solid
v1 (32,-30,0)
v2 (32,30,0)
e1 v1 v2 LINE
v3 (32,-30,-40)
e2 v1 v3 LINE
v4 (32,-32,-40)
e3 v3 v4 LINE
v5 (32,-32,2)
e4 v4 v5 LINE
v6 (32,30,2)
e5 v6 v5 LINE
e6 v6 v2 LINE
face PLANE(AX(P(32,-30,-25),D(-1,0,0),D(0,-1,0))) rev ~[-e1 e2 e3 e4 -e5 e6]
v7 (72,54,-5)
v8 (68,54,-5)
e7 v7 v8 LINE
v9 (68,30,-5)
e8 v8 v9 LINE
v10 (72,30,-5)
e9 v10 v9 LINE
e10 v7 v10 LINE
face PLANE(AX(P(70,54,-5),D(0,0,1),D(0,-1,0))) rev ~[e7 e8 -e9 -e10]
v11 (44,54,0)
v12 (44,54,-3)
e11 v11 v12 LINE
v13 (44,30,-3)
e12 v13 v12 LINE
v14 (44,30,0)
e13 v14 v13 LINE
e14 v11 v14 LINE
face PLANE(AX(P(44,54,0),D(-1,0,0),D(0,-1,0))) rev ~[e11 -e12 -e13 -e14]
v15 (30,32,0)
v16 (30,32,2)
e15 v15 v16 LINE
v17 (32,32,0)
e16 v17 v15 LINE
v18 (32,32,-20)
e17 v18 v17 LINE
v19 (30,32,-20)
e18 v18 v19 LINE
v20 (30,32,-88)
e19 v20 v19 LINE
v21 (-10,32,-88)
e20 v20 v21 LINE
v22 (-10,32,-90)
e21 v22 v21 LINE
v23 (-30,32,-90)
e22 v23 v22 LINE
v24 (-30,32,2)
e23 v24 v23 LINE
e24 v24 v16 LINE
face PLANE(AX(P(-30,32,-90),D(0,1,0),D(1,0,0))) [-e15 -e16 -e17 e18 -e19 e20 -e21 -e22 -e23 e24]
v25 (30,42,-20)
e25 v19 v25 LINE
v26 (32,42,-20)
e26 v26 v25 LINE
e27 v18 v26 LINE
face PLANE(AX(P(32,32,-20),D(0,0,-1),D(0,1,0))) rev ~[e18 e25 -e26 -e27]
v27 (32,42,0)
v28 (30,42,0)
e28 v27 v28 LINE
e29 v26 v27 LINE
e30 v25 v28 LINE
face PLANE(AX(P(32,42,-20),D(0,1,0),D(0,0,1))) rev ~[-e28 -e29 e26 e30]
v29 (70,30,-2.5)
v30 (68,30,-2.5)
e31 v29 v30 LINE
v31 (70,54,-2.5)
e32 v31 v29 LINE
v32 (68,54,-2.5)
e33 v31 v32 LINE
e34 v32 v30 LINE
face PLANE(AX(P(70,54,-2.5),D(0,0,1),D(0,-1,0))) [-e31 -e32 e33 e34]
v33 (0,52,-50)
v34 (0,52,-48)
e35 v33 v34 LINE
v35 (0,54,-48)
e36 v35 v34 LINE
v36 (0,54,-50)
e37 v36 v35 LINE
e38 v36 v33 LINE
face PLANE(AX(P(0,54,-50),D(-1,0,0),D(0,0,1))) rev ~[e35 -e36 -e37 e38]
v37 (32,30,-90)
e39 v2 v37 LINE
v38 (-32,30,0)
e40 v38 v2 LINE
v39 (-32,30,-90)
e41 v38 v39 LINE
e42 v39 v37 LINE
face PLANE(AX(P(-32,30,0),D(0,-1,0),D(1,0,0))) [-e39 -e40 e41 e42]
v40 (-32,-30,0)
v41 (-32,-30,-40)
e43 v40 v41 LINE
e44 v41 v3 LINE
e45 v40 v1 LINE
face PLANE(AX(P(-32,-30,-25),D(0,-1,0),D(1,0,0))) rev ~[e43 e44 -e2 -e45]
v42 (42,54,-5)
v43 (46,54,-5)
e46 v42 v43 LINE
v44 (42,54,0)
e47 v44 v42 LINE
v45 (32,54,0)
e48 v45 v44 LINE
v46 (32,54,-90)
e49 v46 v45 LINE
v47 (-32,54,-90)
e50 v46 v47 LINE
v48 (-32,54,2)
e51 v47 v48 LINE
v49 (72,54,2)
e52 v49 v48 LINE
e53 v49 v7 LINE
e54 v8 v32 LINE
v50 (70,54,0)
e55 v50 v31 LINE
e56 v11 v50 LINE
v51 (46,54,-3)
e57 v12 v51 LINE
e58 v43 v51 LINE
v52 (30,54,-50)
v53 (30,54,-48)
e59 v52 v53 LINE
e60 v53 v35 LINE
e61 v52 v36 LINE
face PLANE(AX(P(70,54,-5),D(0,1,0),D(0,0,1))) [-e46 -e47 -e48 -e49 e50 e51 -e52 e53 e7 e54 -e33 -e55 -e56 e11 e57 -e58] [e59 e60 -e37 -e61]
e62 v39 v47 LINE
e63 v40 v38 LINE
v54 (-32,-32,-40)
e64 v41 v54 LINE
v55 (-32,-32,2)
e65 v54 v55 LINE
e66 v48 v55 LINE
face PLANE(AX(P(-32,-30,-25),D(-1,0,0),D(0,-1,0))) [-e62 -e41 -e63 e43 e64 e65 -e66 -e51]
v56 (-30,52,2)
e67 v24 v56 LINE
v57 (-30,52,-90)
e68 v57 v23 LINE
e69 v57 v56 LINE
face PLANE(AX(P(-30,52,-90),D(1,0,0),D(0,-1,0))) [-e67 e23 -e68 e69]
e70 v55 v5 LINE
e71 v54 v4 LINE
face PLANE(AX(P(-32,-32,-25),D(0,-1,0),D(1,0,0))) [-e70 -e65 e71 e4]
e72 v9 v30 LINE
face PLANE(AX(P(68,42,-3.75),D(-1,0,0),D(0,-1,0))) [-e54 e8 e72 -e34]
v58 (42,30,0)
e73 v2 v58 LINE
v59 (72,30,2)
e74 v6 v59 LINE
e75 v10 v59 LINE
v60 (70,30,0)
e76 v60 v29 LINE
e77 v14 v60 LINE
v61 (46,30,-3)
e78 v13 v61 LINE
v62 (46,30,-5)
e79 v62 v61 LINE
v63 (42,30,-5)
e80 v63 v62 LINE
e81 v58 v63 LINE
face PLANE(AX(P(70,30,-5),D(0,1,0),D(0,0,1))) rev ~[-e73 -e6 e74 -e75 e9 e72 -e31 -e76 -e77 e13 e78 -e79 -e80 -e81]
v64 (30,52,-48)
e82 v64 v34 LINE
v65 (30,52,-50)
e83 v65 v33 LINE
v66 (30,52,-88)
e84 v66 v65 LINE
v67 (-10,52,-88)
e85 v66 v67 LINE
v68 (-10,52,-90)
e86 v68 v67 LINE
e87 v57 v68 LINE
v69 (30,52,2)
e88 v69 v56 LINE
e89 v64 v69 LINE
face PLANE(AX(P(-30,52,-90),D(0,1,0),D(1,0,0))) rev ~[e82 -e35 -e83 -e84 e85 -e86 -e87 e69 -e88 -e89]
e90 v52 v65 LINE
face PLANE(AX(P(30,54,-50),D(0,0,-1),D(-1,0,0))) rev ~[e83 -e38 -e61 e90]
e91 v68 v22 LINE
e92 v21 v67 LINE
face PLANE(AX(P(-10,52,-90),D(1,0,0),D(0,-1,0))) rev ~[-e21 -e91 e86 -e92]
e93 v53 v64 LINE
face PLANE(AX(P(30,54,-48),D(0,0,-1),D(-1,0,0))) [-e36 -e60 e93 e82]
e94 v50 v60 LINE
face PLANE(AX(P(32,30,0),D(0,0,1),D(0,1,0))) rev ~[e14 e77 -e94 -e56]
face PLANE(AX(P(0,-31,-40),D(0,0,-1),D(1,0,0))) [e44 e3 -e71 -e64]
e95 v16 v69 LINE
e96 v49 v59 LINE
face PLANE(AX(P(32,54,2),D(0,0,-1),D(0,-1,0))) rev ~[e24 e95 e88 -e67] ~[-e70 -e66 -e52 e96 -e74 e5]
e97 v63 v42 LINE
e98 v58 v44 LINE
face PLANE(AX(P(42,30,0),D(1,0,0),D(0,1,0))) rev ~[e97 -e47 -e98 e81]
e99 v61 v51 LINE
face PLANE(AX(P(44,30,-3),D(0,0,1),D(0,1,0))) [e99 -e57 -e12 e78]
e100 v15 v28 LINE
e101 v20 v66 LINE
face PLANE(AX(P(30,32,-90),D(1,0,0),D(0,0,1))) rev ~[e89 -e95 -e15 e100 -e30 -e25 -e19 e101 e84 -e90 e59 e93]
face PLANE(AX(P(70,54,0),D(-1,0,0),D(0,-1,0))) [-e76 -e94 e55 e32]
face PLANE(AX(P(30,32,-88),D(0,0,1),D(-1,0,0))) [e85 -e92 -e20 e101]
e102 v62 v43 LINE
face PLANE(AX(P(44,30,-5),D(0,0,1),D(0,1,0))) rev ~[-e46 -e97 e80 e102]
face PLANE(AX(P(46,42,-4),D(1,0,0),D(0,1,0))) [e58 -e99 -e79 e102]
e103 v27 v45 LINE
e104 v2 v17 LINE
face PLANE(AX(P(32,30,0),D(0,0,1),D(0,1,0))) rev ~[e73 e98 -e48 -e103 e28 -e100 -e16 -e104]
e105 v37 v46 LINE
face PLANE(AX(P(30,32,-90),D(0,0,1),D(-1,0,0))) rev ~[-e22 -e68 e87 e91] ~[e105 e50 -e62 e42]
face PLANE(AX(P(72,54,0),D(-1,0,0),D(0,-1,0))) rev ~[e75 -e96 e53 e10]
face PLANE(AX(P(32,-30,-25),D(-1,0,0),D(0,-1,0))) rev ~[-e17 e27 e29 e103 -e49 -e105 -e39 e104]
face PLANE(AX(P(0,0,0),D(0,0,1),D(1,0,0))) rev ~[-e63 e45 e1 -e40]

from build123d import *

# Parameters (mm, degrees)
F0_W      = 64
F0_H      = 64
F1_DEPTH  = 2
F2_W      = 64
F2_H      = 2
F3_DEPTH  = 25
F4_W      = 64
F4_H      = 2
F5_DEPTH  = 90
F6_W      = 2
F6_H      = 92
F7_DEPTH  = 22
F8_W      = 2
F8_H      = 92
F9_DEPTH  = 22
F10_W     = 2
F10_H     = 92
F11_DEPTH = 60
F12_W     = 60
F12_H     = 2
F13_DEPTH = 20
F14_W     = 10
F14_H     = 20
F15_DEPTH = 25
F16_W     = 20
F16_H     = 20
F17_DEPTH = 25
F3_FACE_W = 64
F3_FACE_H = 2
F18_DEPTH = 15
F19_W     = 30
F19_H     = 2
F20_DEPTH = 2
F22_DEPTH = 40
F23_W     = 2
F23_H     = 24
F24_DEPTH = 5
F25_W     = 24
F25_H     = 2
F26_DEPTH = 2
F27_W     = 24
F27_H     = 2.5
F28_DEPTH = 2


with BuildPart() as f1:
    # F0 (on Top) → F1 (new body)
    with BuildSketch(Plane.XY):
        Rectangle(F0_W, F0_H)
    extrude(amount=F1_DEPTH)

    # F2 (on face) → F3 (join)
    with BuildSketch(Plane(origin=(0, 0, 0), x_dir=(1, 0, 0), z_dir=(0, 0, -1))):
        with Locations((0, 31)):
            Rectangle(F2_W, F2_H)
    extrude(amount=F3_DEPTH)

    # F4 (on face) → F5 (join)
    with BuildSketch(Plane(origin=(0, 0, 0), x_dir=(1, 0, 0), z_dir=(0, 0, -1))):
        with Locations((0, -31)):
            Rectangle(F4_W, F4_H)
    extrude(amount=F5_DEPTH)

    # F6 (on face) → F7 (join)
    with BuildSketch(Plane(origin=(0, 32, 0), x_dir=(-1, 0, 0), z_dir=(0, 1, 0))):
        with Locations((-31, -44)):
            Rectangle(F6_W, F6_H)
    extrude(amount=F7_DEPTH)

    # F8 (on face) → F9 (join)
    with BuildSketch(Plane(origin=(0, 32, 0), x_dir=(-1, 0, 0), z_dir=(0, 1, 0))):
        with Locations((31, -44)):
            Rectangle(F8_W, F8_H)
    extrude(amount=F9_DEPTH)

    # F10 (on face) → F11 (join)
    with BuildSketch(Plane(origin=(30, 0, 0), x_dir=(0, -1, 0), z_dir=(-1, 0, 0))):
        with Locations((-53, -44)):
            Rectangle(F10_W, F10_H)
    extrude(amount=F11_DEPTH)

    # F12 (on face) → F13 (join)
    with BuildSketch(Plane(origin=(0, 32, 0), x_dir=(-1, 0, 0), z_dir=(0, 1, 0))):
        with Locations((0, -89)):
            Rectangle(F12_W, F12_H)
    extrude(amount=F13_DEPTH)

    # F14 (on face) → F15 (cut)
    with BuildSketch(Plane.YZ.offset(32)):
        with Locations((37, -10)):
            Rectangle(F14_W, F14_H)
    extrude(amount=-F15_DEPTH, mode=Mode.SUBTRACT)

    # F16 (on face) → F17 (cut)
    with BuildSketch(Plane(origin=(0, 0, -90), x_dir=(1, 0, 0), z_dir=(0, 0, -1))):
        with Locations((-20, -42)):
            Rectangle(F16_W, F16_H)
    extrude(amount=-F17_DEPTH, mode=Mode.SUBTRACT)

    # F3_face (on face) → F18 (join)
    with BuildSketch(Plane(origin=(0, -31, -25), x_dir=(1, 0, 0), z_dir=(0, 0, -1))):
        Rectangle(F3_FACE_W, F3_FACE_H)
    extrude(amount=F18_DEPTH)

    # F19 (on face) → F20 (cut)
    with BuildSketch(Plane(origin=(0, 54, 0), x_dir=(-1, 0, 0), z_dir=(0, 1, 0))):
        with Locations((-15, -49)):
            Rectangle(F19_W, F19_H)
    extrude(amount=-F20_DEPTH, mode=Mode.SUBTRACT)

    # F21 (on face) → F22 (join)
    with BuildSketch(Plane.YZ.offset(32)):
        Polygon((30, 2), (30, 0), (32, 0), (42, 0), (54, 0), (54, 2), align=None)
    extrude(amount=F22_DEPTH)

    # F23 (on face) → F24 (join)
    with BuildSketch(Plane(origin=(0, 0, 0), x_dir=(1, 0, 0), z_dir=(0, 0, -1))):
        with Locations((71, -42)):
            Rectangle(F23_W, F23_H)
        Polygon((42, -54), (44, -54), (44, -47.911588), (44, -30), (42, -30), align=None)
    extrude(amount=F24_DEPTH)

    # F25 (on face) → F26 (join)
    with BuildSketch(Plane.YZ.offset(44)):
        with Locations((42, -4)):
            Rectangle(F25_W, F25_H)
    extrude(amount=F26_DEPTH)

    # F27 (on face) → F28 (join)
    with BuildSketch(Plane(origin=(70, 0, 0), x_dir=(0, -1, 0), z_dir=(-1, 0, 0))):
        with Locations((-42, -3.75)):
            Rectangle(F27_W, F27_H)
    extrude(amount=F28_DEPTH)


solid = f1.part
